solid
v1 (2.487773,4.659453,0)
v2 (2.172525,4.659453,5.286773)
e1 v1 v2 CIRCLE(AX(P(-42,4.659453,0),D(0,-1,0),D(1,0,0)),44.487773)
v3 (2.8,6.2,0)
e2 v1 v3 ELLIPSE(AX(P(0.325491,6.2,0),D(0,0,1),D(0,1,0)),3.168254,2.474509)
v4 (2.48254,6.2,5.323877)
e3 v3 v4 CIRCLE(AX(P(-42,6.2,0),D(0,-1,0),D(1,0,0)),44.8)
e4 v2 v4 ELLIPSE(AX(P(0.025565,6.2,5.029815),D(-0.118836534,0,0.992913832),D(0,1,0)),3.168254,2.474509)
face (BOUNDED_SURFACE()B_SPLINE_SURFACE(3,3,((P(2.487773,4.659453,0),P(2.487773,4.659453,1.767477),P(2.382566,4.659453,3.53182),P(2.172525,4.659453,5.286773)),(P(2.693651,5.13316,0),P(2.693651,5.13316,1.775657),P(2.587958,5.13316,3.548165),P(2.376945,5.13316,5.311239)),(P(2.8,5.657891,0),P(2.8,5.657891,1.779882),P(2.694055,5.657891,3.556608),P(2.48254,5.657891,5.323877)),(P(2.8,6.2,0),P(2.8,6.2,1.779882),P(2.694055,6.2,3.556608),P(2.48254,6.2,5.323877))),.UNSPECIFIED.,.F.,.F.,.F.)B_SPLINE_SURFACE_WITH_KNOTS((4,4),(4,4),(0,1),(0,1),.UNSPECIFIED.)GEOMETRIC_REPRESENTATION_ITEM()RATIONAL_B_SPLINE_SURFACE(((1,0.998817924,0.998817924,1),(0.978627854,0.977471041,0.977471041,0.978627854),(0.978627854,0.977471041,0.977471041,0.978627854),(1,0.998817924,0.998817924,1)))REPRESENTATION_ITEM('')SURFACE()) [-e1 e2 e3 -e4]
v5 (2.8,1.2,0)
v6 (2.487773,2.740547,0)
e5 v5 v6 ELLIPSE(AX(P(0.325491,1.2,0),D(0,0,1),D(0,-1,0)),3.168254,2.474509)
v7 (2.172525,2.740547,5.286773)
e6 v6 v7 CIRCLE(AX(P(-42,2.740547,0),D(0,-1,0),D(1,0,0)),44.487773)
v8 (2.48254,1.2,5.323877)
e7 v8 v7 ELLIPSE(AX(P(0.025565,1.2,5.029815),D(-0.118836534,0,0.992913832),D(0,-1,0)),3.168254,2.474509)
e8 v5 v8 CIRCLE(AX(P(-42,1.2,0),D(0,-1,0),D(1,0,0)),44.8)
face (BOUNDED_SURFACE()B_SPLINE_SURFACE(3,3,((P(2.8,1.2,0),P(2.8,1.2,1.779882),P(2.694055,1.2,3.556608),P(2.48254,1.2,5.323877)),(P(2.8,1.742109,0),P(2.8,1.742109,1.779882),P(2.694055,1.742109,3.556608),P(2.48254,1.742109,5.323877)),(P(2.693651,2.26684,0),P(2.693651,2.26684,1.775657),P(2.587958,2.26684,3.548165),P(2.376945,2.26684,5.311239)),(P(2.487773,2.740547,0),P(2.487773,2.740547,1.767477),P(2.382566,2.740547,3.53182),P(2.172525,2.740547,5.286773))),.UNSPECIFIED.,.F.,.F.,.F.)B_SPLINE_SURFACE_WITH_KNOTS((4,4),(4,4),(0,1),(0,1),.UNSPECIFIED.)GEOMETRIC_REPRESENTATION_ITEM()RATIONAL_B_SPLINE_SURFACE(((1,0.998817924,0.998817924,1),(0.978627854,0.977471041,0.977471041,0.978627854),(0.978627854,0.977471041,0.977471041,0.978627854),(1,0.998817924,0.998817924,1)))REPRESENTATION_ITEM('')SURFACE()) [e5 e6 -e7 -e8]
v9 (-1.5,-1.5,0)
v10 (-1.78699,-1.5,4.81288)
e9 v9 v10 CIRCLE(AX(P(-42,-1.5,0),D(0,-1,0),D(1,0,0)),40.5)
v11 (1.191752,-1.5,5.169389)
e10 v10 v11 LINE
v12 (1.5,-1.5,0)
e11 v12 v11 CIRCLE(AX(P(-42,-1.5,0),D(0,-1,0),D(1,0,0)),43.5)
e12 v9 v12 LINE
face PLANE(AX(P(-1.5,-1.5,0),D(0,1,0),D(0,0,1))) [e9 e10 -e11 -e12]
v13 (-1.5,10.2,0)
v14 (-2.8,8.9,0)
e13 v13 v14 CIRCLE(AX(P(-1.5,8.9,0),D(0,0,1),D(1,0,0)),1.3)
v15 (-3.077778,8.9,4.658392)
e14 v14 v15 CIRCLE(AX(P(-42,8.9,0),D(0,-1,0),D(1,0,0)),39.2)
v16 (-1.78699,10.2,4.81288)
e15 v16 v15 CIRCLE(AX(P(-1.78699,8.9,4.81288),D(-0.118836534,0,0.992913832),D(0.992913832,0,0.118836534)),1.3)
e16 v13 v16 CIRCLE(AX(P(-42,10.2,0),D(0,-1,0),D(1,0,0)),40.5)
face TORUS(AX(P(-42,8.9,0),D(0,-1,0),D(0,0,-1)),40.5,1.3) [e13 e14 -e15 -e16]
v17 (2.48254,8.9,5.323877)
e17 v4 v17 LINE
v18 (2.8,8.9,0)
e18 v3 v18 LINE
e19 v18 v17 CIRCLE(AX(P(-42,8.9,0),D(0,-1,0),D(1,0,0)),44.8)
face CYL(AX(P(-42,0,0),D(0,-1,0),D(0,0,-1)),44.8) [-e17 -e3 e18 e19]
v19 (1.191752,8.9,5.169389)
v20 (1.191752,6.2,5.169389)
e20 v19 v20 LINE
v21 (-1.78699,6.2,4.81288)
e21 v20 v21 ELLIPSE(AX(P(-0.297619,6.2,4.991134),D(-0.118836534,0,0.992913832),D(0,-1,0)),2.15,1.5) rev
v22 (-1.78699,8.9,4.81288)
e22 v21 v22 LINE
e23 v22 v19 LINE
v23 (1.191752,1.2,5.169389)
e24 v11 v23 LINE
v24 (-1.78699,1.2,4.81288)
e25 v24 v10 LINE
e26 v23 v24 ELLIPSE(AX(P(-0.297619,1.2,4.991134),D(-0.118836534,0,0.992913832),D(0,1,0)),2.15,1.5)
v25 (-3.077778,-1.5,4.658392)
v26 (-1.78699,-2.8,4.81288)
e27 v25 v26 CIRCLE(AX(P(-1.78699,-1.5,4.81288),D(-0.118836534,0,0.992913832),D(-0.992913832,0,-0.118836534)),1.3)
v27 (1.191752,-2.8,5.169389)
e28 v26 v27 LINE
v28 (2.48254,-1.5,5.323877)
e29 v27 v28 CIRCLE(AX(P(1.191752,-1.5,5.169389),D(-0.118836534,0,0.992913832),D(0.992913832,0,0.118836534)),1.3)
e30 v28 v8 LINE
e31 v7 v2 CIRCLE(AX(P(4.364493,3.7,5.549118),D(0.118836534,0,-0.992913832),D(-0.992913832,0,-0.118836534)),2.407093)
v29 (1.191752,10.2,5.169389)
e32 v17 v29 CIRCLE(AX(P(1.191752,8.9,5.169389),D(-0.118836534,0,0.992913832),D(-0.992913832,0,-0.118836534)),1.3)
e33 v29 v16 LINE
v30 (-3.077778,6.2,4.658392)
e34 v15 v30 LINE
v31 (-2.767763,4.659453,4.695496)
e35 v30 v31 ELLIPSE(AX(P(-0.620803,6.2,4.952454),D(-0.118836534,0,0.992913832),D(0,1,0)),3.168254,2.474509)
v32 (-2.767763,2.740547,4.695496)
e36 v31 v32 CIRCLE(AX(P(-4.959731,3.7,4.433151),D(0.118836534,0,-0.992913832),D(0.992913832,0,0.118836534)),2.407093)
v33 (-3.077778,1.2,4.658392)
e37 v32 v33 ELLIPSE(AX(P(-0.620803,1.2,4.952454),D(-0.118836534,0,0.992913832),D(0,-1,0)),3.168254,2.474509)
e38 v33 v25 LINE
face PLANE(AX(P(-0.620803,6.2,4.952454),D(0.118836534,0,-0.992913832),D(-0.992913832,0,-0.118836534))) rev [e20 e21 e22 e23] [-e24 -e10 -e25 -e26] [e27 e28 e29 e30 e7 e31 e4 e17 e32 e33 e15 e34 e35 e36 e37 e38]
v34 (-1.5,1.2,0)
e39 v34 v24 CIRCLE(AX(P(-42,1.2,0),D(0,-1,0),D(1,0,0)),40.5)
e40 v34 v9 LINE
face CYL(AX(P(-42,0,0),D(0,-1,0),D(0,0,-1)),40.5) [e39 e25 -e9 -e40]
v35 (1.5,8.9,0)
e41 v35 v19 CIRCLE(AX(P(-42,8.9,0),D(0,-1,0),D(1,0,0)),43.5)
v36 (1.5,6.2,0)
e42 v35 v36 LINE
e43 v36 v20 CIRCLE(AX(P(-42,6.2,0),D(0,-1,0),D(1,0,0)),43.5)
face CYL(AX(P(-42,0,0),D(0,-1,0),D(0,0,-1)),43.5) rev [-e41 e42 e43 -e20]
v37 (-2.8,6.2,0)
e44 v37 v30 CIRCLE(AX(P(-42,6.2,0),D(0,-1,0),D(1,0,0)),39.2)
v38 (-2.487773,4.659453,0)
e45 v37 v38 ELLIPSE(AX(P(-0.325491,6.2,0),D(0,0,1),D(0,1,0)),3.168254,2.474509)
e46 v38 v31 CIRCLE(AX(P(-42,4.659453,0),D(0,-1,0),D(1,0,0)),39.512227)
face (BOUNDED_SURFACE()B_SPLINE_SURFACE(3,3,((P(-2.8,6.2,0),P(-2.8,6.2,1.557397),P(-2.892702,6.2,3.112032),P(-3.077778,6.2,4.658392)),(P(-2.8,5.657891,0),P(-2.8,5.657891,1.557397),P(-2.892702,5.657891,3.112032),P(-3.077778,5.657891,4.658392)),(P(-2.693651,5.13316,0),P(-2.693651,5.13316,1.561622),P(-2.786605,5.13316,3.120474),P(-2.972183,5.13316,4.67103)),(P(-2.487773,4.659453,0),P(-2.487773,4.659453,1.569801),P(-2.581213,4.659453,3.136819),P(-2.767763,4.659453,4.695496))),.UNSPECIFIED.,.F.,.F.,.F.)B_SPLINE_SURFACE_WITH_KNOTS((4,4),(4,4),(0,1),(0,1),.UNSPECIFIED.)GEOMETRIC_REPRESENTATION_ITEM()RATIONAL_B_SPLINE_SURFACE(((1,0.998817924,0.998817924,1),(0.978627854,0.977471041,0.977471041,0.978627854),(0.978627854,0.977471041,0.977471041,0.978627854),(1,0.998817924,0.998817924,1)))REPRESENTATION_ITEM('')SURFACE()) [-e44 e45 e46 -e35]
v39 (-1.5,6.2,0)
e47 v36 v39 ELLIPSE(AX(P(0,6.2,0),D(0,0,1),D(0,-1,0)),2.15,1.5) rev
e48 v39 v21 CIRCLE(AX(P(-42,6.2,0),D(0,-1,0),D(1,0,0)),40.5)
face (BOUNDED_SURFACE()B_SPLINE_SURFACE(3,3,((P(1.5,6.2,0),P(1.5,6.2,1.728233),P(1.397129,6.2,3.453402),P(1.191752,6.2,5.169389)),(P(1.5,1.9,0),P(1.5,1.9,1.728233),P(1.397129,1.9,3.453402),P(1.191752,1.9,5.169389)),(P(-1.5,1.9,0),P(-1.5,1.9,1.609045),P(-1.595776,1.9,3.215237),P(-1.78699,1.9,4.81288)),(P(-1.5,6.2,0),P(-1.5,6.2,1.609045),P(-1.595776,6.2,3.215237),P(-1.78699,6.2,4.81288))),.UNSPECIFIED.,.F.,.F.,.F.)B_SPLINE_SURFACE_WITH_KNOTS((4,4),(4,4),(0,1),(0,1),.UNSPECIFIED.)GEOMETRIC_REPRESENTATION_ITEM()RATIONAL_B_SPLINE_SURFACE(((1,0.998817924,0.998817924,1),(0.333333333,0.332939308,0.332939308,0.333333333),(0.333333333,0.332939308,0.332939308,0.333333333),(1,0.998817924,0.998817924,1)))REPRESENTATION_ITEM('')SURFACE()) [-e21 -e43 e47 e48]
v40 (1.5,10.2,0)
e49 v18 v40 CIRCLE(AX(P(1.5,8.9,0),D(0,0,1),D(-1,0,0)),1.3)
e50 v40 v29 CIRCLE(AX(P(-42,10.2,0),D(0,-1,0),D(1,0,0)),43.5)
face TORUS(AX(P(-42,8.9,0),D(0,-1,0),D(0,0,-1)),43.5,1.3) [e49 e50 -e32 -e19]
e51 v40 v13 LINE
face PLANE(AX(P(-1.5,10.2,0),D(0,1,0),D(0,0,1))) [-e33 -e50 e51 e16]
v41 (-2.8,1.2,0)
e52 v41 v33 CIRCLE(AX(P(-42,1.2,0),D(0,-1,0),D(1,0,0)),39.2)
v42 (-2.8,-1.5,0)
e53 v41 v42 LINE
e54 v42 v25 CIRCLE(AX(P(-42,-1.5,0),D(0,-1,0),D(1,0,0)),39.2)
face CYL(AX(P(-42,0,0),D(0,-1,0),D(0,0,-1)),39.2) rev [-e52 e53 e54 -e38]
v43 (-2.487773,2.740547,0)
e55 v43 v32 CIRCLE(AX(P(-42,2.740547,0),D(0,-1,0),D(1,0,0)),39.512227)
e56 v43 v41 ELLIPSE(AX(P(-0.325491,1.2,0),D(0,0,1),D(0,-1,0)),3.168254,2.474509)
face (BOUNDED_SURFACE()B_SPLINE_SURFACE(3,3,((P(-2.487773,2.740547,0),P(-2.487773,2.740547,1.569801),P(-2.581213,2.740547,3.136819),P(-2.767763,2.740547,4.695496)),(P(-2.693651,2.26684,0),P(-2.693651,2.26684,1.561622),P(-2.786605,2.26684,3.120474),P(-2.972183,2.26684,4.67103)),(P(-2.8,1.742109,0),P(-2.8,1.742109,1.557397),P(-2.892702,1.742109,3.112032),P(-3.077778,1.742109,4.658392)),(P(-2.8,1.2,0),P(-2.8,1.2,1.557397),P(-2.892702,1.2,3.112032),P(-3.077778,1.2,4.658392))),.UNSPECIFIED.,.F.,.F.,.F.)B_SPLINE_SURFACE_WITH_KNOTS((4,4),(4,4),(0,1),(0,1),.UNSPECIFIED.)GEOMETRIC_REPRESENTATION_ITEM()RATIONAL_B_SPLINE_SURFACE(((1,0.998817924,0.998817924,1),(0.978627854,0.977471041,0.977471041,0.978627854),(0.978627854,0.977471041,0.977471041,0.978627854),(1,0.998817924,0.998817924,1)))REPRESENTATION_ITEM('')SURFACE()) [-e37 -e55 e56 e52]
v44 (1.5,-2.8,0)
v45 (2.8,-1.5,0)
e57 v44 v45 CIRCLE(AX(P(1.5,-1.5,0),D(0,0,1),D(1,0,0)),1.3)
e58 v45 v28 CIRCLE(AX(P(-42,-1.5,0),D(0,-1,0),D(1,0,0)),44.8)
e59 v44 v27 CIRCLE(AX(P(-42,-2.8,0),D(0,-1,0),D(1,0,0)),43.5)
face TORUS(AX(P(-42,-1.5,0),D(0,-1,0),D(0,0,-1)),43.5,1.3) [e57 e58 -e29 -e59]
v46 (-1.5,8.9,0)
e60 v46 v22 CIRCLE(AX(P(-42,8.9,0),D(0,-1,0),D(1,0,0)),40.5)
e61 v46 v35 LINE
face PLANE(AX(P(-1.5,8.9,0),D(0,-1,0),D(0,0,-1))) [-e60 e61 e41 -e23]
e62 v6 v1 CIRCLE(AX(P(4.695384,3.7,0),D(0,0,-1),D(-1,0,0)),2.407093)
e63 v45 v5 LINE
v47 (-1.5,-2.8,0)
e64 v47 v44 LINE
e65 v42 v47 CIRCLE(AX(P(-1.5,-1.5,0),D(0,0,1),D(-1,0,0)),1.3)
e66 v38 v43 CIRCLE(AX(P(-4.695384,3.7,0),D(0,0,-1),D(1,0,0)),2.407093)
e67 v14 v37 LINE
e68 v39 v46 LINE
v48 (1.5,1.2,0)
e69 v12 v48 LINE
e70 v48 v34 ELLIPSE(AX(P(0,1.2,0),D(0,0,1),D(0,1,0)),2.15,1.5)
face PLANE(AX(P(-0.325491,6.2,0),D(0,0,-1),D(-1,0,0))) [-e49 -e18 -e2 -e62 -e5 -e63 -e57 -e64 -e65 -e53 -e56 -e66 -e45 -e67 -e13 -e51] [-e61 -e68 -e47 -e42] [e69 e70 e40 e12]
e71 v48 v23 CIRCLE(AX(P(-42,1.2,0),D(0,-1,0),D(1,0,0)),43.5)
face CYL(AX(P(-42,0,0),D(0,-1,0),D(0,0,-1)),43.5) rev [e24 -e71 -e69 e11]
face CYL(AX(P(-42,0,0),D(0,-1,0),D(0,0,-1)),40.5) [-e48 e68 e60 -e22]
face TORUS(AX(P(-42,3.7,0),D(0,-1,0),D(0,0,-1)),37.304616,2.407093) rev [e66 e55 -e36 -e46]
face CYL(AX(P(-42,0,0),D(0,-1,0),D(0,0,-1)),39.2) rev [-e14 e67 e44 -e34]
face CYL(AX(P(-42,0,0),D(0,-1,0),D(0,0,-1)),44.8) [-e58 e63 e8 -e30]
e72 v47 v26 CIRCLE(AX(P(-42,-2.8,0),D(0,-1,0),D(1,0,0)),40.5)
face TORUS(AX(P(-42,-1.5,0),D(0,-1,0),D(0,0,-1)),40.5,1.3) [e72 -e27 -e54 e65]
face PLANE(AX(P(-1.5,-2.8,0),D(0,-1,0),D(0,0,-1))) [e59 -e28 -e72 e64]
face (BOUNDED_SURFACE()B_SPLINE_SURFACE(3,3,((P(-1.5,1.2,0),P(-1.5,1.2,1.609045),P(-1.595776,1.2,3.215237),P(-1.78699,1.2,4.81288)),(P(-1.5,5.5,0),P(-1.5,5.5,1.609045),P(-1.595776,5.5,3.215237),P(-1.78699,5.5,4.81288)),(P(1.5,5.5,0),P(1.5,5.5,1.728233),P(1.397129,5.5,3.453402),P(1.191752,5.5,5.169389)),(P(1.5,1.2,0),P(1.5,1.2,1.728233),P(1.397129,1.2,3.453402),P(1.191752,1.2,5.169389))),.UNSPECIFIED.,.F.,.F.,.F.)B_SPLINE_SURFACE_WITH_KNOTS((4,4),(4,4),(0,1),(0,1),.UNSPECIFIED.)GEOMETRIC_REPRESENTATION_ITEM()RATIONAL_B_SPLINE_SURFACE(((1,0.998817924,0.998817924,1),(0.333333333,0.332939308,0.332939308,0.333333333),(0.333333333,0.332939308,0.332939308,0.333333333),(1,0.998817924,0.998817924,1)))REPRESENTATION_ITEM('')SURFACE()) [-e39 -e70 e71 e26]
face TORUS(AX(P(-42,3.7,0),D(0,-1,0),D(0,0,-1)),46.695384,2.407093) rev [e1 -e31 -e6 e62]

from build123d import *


with BuildPart() as part:
    # Sweep2: sweep along a path in Sketch12
    with BuildLine(Plane(origin=(0, 0, 0), x_dir=(1, 0, 0), z_dir=(0, 1, 0))) as sweep2_path:
        ThreePointArc((0, 0), (-0.074470784, -2.5), (-0.297619048, -4.99113443))
    # Sketch2 → Sweep2 (sweep)
    with BuildSketch(Plane.XY):
        with BuildLine():
            Line((-1.5, -2.8), (1.5, -2.8))
            ThreePointArc((1.5, -2.8), (2.419238816, -2.419238816), (2.8, -1.5))
            Line((2.8, -1.5), (2.8, 1.2))
            add(Edge.make_bspline(
                [(2.8, 1.2), (2.8, 2.022141475), (2.487772802, 2.74054726)],
                knots=[1.570796327, 1.570796327, 1.570796327, 2.078583583, 2.078583583, 2.078583583], degree=2, weights=[1, 0.967941781, 1]))
            ThreePointArc((2.487772802, 2.74054726), (2.288291027, 3.7), (2.487772802, 4.65945274))
            add(Edge.make_bspline(
                [(2.487772802, 4.65945274), (2.8, 5.377858525), (2.8, 6.2)],
                knots=[1.06300907, 1.06300907, 1.06300907, 1.570796327, 1.570796327, 1.570796327], degree=2, weights=[1, 0.967941781, 1]))
            Line((2.8, 6.2), (2.8, 8.9))
            ThreePointArc((2.8, 8.9), (2.419238816, 9.819238816), (1.5, 10.2))
            Line((1.5, 10.2), (-1.5, 10.2))
            ThreePointArc((-1.5, 10.2), (-2.419238816, 9.819238816), (-2.8, 8.9))
            Line((-2.8, 8.9), (-2.8, 6.2))
            add(Edge.make_bspline(
                [(-2.8, 6.2), (-2.8, 5.377858525), (-2.487772802, 4.65945274)],
                knots=[4.71238898, 4.71238898, 4.71238898, 5.220176237, 5.220176237, 5.220176237], degree=2, weights=[1, 0.967941781, 1]))
            ThreePointArc((-2.487772802, 4.65945274), (-2.288291027, 3.7), (-2.487772802, 2.74054726))
            add(Edge.make_bspline(
                [(-2.487772802, 2.74054726), (-2.8, 2.022141475), (-2.8, 1.2)],
                knots=[4.204601724, 4.204601724, 4.204601724, 4.71238898, 4.71238898, 4.71238898], degree=2, weights=[1, 0.967941781, 1]))
            Line((-2.8, 1.2), (-2.8, -1.5))
            ThreePointArc((-2.8, -1.5), (-2.419238816, -2.419238816), (-1.5, -2.8))
        make_face()
        with BuildLine():
            Line((-1.5, -1.5), (1.5, -1.5))
            Line((1.5, -1.5), (1.5, 1.2))
            add(Edge.make_bspline(
                [(1.5, 1.2), (1.5, 3.35), (0, 3.35), (-1.5, 3.35), (-1.5, 1.2)],
                knots=[4.71238898, 4.71238898, 4.71238898, 6.283185307, 6.283185307, 7.853981634, 7.853981634, 7.853981634], degree=2, weights=[1, 0.707106781, 1, 0.707106781, 1]))
            Line((-1.5, 1.2), (-1.5, -1.5))
        make_face(mode=Mode.SUBTRACT)
        with BuildLine():
            Line((1.5, 8.9), (1.5, 6.2))
            add(Edge.make_bspline(
                [(-1.5, 6.2), (-1.5, 4.05), (0, 4.05), (1.5, 4.05), (1.5, 6.2)],
                knots=[4.71238898, 4.71238898, 4.71238898, 6.283185307, 6.283185307, 7.853981634, 7.853981634, 7.853981634], degree=2, weights=[1, 0.707106781, 1, 0.707106781, 1]))
            Line((-1.5, 6.2), (-1.5, 8.9))
            Line((-1.5, 8.9), (1.5, 8.9))
        make_face(mode=Mode.SUBTRACT)
    sweep(path=sweep2_path.line)


solid = part.part
